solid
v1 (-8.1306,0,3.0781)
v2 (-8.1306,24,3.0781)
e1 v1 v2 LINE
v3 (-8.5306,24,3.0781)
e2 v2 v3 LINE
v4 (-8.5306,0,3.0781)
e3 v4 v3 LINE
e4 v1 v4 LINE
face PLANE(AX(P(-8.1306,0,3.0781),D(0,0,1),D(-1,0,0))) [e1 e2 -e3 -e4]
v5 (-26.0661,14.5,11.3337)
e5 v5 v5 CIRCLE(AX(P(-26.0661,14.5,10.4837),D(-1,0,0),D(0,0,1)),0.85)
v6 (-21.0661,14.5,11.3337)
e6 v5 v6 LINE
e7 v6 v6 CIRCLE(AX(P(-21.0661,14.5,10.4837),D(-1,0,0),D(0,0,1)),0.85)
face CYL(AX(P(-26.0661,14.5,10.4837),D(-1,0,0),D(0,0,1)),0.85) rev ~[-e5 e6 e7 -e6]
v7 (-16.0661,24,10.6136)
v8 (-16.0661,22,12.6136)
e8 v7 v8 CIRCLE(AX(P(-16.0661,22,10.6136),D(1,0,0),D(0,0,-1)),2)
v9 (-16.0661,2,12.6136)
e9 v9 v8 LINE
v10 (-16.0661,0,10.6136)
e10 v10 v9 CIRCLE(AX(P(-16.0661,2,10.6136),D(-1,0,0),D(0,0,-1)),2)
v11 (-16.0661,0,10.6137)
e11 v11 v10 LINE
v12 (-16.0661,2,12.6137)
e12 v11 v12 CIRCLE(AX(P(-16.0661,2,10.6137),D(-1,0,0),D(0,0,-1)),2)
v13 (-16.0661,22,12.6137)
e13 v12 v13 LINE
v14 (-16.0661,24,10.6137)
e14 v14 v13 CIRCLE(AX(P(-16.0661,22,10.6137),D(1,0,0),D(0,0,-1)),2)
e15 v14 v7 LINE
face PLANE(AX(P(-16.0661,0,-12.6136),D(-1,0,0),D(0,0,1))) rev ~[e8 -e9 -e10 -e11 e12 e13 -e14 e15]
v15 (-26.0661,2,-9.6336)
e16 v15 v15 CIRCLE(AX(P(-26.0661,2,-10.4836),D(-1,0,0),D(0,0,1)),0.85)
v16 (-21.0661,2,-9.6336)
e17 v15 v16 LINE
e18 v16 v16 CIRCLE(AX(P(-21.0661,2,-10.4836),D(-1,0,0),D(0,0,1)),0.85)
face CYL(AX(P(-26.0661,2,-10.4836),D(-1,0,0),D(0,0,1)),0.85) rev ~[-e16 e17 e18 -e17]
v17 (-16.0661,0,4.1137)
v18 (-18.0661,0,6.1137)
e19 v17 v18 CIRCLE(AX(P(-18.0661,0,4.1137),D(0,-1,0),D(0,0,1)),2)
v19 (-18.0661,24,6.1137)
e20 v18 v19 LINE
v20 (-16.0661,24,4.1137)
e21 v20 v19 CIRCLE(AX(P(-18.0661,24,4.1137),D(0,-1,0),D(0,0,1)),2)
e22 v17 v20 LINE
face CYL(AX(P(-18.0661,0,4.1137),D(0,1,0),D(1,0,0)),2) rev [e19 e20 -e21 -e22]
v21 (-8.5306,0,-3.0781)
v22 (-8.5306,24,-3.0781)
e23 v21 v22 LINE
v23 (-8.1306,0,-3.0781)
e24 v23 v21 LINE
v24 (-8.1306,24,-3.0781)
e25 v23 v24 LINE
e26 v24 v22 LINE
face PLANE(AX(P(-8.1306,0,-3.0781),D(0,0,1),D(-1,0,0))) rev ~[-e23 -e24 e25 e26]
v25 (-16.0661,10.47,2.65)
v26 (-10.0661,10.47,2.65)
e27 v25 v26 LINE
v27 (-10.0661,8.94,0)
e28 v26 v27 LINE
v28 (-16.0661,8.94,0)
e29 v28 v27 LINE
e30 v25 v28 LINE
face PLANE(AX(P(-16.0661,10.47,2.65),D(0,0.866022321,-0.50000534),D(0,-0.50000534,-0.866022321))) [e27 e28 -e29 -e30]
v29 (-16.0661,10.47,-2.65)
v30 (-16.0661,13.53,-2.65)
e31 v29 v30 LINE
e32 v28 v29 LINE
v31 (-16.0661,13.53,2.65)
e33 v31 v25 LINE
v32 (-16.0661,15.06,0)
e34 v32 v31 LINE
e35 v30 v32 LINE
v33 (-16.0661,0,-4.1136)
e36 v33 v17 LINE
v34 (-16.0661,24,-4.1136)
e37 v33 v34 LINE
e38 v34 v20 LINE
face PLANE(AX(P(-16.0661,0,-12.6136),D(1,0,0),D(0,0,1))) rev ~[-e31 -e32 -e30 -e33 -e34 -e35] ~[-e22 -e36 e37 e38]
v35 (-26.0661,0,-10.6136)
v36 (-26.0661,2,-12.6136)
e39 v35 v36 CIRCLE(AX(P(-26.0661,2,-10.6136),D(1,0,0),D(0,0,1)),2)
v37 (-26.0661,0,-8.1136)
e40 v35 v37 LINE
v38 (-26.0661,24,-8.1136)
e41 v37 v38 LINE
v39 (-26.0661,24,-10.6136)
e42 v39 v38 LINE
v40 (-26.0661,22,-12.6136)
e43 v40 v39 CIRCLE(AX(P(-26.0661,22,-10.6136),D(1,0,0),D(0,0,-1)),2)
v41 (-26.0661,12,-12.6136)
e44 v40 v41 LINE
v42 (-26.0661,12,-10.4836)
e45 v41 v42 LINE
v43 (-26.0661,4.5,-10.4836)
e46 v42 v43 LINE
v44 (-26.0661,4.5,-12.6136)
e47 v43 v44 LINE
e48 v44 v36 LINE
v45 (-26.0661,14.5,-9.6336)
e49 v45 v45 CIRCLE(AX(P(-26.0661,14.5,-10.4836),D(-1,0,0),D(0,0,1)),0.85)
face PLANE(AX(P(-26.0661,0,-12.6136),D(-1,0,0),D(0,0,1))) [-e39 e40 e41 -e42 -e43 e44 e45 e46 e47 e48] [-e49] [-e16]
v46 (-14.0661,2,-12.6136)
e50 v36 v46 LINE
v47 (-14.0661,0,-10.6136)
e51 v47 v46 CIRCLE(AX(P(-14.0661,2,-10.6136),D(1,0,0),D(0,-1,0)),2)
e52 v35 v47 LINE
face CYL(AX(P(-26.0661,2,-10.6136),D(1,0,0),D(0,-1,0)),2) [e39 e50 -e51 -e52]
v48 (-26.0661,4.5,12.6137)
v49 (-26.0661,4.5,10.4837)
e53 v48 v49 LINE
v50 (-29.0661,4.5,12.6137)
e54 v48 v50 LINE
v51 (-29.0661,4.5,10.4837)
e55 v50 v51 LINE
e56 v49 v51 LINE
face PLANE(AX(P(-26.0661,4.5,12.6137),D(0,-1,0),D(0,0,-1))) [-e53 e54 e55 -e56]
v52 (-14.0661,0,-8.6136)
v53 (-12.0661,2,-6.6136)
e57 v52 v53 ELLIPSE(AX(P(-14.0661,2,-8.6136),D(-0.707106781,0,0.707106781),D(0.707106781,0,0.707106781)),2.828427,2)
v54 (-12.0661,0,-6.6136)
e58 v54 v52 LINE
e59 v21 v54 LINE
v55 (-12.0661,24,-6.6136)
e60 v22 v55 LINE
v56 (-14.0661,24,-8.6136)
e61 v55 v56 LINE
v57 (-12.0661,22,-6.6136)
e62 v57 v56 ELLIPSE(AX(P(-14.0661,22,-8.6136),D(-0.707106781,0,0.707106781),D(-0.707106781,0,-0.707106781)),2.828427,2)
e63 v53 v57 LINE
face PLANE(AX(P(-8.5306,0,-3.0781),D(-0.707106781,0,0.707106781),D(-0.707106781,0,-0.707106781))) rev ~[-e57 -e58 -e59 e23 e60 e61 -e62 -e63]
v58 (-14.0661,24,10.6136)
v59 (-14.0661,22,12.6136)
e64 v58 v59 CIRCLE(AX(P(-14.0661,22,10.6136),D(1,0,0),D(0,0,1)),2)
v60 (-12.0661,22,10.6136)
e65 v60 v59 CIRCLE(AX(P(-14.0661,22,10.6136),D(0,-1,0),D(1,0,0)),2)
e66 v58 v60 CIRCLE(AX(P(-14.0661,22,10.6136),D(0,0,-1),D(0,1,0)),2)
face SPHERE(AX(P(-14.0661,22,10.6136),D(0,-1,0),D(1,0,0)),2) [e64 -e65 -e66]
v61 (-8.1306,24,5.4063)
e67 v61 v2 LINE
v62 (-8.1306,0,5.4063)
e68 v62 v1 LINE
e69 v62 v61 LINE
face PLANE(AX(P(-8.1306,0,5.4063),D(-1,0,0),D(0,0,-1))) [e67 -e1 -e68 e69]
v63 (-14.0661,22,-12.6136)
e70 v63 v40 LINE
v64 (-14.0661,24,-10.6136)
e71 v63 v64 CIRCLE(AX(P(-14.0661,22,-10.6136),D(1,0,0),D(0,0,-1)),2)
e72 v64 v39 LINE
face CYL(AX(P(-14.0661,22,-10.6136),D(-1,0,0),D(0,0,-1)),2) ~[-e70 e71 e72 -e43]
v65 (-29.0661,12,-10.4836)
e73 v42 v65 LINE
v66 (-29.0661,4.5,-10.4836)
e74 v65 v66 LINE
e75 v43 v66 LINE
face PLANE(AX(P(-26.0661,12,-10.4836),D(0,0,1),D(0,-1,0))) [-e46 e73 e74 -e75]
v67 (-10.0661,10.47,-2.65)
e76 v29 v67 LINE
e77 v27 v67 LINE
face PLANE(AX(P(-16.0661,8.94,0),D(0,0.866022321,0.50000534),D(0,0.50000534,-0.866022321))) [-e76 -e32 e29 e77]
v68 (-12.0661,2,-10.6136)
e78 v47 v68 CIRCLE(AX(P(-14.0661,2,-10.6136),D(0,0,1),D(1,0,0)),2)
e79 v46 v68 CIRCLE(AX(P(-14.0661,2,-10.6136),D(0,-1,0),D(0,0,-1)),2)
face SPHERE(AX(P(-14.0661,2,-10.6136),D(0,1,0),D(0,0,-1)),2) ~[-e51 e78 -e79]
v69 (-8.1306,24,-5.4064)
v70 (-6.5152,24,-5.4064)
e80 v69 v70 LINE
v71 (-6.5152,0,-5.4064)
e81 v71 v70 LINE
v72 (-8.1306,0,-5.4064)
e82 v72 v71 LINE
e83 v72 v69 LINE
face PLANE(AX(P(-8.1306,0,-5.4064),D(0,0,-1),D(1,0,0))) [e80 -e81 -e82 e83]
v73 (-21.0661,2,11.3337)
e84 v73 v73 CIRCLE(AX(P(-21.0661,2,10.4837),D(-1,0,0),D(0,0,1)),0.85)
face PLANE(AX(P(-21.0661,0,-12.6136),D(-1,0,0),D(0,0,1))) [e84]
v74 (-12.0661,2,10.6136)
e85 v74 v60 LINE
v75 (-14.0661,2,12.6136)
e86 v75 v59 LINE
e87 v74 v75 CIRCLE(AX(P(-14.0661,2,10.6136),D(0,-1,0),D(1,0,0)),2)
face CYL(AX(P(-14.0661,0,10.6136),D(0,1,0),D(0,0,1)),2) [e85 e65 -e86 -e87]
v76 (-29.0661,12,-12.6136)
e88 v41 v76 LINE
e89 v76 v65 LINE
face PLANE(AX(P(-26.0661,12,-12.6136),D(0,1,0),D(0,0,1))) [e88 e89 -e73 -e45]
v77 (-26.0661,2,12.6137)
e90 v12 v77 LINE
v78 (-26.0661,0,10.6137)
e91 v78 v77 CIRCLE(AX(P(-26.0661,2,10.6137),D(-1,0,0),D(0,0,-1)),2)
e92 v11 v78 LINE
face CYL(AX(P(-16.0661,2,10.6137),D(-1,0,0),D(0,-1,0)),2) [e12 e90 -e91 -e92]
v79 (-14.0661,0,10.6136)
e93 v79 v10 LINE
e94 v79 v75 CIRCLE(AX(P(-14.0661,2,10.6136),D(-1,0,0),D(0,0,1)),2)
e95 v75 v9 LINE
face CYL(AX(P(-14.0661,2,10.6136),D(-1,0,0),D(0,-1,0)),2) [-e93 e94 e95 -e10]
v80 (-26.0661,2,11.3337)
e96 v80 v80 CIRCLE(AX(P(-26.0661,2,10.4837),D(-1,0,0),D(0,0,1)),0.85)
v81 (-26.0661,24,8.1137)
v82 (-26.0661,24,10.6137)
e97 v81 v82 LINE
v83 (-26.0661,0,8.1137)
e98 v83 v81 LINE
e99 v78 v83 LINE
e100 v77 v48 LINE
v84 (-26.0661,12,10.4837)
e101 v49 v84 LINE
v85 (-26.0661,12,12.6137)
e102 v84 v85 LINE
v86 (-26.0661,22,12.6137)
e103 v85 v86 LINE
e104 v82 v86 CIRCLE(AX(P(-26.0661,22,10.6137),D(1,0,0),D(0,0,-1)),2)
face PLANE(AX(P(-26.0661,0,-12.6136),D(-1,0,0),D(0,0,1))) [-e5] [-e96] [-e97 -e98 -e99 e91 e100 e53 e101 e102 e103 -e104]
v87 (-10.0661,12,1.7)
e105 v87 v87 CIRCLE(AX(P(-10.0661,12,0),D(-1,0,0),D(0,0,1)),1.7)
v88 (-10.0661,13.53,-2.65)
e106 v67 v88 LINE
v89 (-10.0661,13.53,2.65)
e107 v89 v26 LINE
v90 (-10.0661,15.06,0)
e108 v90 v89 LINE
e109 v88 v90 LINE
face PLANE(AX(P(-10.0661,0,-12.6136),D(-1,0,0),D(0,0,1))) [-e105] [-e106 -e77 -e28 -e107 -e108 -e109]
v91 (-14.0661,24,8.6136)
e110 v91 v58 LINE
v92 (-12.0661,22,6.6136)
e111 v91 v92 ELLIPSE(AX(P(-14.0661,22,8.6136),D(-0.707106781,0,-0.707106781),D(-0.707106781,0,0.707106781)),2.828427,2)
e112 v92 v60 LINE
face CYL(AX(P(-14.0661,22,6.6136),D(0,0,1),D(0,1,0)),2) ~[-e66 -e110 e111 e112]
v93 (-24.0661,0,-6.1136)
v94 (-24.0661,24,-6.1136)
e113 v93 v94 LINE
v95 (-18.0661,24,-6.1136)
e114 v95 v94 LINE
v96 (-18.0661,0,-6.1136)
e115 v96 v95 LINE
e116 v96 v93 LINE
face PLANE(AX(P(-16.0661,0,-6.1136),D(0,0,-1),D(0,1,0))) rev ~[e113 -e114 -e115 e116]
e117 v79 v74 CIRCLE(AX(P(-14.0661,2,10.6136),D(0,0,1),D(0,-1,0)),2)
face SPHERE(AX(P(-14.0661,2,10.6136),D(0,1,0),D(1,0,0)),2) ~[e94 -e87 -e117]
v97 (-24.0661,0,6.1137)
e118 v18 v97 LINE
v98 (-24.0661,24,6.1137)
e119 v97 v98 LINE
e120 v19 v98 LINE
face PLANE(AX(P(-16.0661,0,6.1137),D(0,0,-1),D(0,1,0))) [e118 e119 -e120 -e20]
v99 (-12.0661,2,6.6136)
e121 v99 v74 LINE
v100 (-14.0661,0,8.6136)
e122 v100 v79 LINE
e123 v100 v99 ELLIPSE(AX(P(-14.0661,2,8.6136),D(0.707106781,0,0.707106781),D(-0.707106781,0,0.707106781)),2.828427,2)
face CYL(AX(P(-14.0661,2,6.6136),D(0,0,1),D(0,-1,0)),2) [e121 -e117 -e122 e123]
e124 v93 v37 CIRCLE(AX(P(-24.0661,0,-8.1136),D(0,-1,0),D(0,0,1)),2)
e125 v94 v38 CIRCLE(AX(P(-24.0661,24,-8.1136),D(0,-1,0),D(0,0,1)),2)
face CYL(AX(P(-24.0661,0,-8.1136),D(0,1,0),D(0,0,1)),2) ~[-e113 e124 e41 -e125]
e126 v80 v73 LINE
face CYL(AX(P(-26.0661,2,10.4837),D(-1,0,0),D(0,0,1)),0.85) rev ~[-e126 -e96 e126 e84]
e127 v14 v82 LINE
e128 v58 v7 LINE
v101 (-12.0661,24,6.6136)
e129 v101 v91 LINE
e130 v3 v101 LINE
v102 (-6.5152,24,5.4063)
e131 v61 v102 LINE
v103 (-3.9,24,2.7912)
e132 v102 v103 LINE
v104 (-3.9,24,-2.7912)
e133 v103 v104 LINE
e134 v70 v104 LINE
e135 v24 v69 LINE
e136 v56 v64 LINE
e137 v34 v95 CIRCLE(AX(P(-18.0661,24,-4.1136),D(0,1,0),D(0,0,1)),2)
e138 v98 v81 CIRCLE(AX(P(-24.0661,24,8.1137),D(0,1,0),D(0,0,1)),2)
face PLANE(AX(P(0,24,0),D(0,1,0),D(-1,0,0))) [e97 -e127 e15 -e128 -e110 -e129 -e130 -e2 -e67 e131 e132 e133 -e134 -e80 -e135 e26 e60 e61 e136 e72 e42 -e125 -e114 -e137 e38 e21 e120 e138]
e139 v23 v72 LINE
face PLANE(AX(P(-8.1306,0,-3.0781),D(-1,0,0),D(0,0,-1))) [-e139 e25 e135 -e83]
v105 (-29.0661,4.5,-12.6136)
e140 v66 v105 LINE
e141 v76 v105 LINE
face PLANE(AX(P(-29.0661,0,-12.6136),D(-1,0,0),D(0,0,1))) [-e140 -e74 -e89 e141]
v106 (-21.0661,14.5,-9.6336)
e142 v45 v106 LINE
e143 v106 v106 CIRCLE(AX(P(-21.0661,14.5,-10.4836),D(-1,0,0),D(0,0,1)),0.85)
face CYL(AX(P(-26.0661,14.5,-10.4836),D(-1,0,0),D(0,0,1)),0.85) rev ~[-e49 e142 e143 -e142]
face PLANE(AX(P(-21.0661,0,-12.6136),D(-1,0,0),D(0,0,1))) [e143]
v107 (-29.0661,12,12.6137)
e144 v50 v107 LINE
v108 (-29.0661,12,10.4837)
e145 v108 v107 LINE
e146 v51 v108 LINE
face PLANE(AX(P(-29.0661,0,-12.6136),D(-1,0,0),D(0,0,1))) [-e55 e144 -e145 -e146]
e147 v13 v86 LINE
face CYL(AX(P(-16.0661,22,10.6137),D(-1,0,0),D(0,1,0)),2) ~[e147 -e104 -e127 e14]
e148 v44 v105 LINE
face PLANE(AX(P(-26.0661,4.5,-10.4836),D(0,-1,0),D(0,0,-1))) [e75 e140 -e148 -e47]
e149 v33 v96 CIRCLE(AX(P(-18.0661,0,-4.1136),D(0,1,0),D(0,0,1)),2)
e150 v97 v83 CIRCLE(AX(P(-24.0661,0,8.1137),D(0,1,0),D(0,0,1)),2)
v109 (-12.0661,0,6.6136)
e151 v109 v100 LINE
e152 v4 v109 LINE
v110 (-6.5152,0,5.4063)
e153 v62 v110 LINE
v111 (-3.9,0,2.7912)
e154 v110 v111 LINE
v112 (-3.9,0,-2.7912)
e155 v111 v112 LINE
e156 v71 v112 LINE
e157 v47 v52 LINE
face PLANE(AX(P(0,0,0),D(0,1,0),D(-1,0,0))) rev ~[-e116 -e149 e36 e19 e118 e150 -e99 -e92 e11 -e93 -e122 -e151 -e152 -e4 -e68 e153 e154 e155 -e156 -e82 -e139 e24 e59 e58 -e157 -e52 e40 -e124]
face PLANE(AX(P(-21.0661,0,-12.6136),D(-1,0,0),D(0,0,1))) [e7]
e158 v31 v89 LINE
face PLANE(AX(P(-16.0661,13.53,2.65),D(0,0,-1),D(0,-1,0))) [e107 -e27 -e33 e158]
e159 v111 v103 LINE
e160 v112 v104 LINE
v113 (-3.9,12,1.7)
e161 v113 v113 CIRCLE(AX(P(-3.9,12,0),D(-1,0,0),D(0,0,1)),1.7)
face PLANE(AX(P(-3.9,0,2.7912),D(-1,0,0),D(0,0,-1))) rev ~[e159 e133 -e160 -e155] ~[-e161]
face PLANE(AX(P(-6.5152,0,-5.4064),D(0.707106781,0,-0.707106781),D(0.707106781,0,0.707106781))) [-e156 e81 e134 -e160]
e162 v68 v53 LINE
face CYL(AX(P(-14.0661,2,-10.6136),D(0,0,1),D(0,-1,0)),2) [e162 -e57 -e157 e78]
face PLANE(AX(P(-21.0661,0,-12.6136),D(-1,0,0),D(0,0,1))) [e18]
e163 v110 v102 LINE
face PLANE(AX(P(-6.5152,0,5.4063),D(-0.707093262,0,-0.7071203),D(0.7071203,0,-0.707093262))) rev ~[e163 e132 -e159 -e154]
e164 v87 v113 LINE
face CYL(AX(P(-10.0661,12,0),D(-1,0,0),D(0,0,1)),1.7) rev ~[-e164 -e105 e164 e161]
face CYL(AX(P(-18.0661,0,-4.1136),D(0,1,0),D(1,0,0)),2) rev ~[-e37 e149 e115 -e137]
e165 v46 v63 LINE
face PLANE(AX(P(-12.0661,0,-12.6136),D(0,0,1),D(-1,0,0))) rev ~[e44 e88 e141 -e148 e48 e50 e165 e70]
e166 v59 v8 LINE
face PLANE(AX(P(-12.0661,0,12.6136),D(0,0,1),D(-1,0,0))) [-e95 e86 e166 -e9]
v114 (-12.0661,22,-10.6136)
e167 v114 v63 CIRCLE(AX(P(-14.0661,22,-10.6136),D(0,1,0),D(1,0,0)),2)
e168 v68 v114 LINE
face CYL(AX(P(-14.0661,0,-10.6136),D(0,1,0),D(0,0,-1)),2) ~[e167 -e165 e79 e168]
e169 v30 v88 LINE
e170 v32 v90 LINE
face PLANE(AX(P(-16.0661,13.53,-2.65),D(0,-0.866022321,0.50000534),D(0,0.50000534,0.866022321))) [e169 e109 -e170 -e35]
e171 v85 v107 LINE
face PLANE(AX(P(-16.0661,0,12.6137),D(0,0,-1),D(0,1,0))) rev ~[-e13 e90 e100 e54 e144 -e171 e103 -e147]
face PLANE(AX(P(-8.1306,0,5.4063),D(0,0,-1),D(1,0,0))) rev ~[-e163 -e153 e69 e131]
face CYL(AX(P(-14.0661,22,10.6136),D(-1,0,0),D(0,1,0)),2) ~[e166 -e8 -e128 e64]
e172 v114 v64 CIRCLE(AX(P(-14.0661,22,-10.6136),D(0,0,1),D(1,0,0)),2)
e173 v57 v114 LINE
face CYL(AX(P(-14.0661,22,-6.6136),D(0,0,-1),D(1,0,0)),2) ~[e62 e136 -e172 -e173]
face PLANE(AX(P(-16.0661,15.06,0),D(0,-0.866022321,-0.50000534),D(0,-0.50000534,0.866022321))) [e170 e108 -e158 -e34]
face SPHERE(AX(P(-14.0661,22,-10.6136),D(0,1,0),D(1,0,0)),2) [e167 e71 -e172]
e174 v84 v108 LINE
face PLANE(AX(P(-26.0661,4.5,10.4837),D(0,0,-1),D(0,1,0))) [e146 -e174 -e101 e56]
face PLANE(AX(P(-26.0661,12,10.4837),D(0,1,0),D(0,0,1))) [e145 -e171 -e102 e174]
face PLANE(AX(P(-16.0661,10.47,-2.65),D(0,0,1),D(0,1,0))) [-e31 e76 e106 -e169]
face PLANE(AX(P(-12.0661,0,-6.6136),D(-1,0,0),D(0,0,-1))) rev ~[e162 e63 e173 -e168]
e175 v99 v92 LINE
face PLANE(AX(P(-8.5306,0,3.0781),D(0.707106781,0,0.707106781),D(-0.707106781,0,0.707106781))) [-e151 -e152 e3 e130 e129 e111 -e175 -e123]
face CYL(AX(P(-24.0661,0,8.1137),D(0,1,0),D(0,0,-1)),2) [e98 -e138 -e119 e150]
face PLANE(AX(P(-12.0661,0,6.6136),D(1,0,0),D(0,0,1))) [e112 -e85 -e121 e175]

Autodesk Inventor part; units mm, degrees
ref_plane "YZ Plane" through (0, 0, 0) normal (1, 0, 0) x (0, 1, 0)
ref_plane "XZ Plane" through (0, 0, 0) normal (0, 1, 0) x (-1, 0, 0)
ref_plane "XY Plane" through (0, 0, 0) normal (0, 0, 1) x (1, 0, 0)
sketch "Szkic3" plane through (0, 0, 0) normal (0, 1, 0) x (-1, 0, 0)
  line L0 (3.9, 2.7912) -> (3.9, -2.7912)
  line L1 (6.5152, 5.4063) -> (3.9, 2.7912)
  line L2 (8.1306, 5.4063) -> (6.5152, 5.4063)
  line L3 (8.1306, 5.4063) -> (8.1306, 3.0781)
  line L4 (8.1306, -3.0781) -> (8.1306, -5.4064)
  line L5 (8.1306, -5.4064) -> (6.5152, -5.4064)
  line L6 (6.5152, -5.4064) -> (3.9, -2.7912)
  line L7 (8.1306, 3.0781) -> (8.5306, 3.0781)
  line L8 (8.1306, -3.0781) -> (8.5306, -3.0781)
  line L9 (8.5306, -3.0781) -> (12.0661, -6.6136)
  line L10 (8.5306, 3.0781) -> (12.0661, 6.6136)
  line L11 (12.0661, -6.6136) -> (12.0661, -12.6136)
  line L12 (12.0661, 6.6136) -> (12.0661, 12.6136)
  line L13 (12.0661, 12.6136) -> (16.0661, 12.6136)
  line L14 (12.0661, -12.6136) -> (16.0661, -12.6136)
  line L15 (16.0661, -12.6136) -> (16.0661, 12.6136)
  point P0 (8.1306, 4.2422)
  dimension "d85" = 5.5823
  dimension "d88" = 135
  dimension "d89" = 135
  dimension "d90" = 1.6154
  dimension "d91" = 2.6152
  dimension "d92" = 2.3282
  dimension "d99" = 0.4
  dimension "d100" = 5
  dimension "d101" = 135
  dimension "d102" = 5
  dimension "d103" = 135
  dimension "d114" = 180
  dimension "d115" = 6
  dimension "d116" = 6
  dimension "d117" = 4
  dimension "d118" = 4
extrude "Wyciągnięcie proste1" add sketch "Szkic3" along normal blind 24
sketch "Szkic13" plane through (-16.0661, 0, -12.6136) normal (-1, 0, 0) x (0, 0, 1)
  line L0 (12.6136, 15.06) -> (15.2636, 13.53)
  line L1 (15.2636, 13.53) -> (15.2636, 10.47)
  line L2 (15.2636, 10.47) -> (12.6136, 8.94)
  line L3 (12.6136, 8.94) -> (9.9636, 10.47)
  line L4 (9.9636, 10.47) -> (9.9636, 13.53)
  line L5 (9.9636, 13.53) -> (12.6136, 15.06)
  line L6 (0, 24) -> (25.2273, 24) projected
  line L7 (25.2273, 0) -> (25.2273, 24) projected
  point P0 (12.6136, 0)
  point P1 (12.6136, 12)
  point P2 (12.6136, 24)
  dimension "d119" = 12
  dimension "d120" = 12.6136
  dimension "d121" = 5.3
extrude "Wyciągnięcie proste5" cut sketch "Szkic13" against normal blind 6
sketch "Szkic14" plane through (-10.0661, 0, -12.6136) normal (-1, 0, 0) x (0, 0, 1)
  circle A0 centre (12.6136, 12) radius 1.7
  point P0 (12.6136, 0)
  dimension "d124" = 3.4
extrude "Wyciągnięcie proste6" cut sketch "Szkic14" against normal through all
sketch "Szkic15" plane through (0, 0, 0) normal (0, 0, 1) x (1, 0, 0)
  line L0 (-3.9, 13.7) -> (-3.9, 10.3) projected
  line L1 (-10.0661, 10.3) -> (-10.0661, 13.7) projected
  point P0 (0, 0)
  dimension "d127" = 6.1661
sketch "Szkic16" plane through (-16.0661, 0, -12.6136) normal (-1, 0, 0) x (0, 0, 1)
  point P0 (12.6136, 0)
sketch "Szkic17" plane through (-16.0661, 0, -12.6136) normal (-1, 0, 0) x (0, 0, 1)
  line L0 (25.2273, 0) -> (25.2273, 24) projected
  line L1 (0, 24) -> (25.2273, 24) projected
  line L2 (25.2273, 0) -> (18.7273, 0)
  line L3 (18.7273, 0) -> (18.7273, 24)
  line L4 (18.7273, 24) -> (25.2273, 24)
  line L5 (25.2273, 24) -> (25.2273, 0)
  line L6 (9.5355, 24) -> (6, 24) projected
  line L7 (6.5, 24) -> (0, 24)
  line L8 (0, 24) -> (0, 0)
  line L9 (0, 0) -> (6.5, 0)
  line L10 (6.5, 0) -> (6.5, 24)
  line L11 (0, 0) -> (0, 24) projected
  line L12 (0, 0) -> (25.2273, 0) projected
  point P0 (12.6136, 0)
  dimension "d128" = 6.5
  dimension "d129" = 6.5
extrude "Wyciągnięcie proste7" add sketch "Szkic17" along normal blind 10 contours L2 L3 L1 L0 | L9 L8 L1 L10
sketch "Szkic18" plane through (-26.0661, 0, -12.6136) normal (-1, 0, 0) x (0, 0, 1)
  circle A0 centre (23.0973, 2) radius 0.85
  line L0 (25.2273, 0) -> (25.2273, 24) projected
  line L1 (18.7273, 0) -> (25.2273, 0) projected
  circle A1 centre (2.13, 2) radius 0.85
  line L2 (0, 0) -> (6.5, 0) projected
  line L3 (0, 24) -> (0, 0) projected
  circle A2 centre (23.0973, 14.5) radius 0.85
  circle A3 centre (2.13, 14.5) radius 0.85
  line L4 (2.13, 4.5) -> (0, 4.5)
  line L5 (0, 4.5) -> (0, 12)
  line L6 (0, 12) -> (2.13, 12)
  line L7 (2.13, 12) -> (2.13, 4.5)
  line L8 (25.2273, 0) -> (25.2273, 24) projected
  line L9 (25.2273, 4.5) -> (23.0973, 4.5)
  line L10 (23.0973, 4.5) -> (23.0973, 12)
  line L11 (23.0973, 12) -> (25.2273, 12)
  line L12 (25.2273, 12) -> (25.2273, 4.5)
  point P0 (12.6136, 0)
  point P1 (21.9773, 0)
  point P2 (0, 8.25)
  point P3 (2.13, 8.25)
  point P4 (0, 12)
  point P5 (0, 4.5)
  dimension "d132" = 1.7
  dimension "d133" = 2.13
  dimension "d134" = 2
  dimension "d135" = 2
  dimension "d136" = 2.13
  dimension "d137" = 1.7
  dimension "d138" = 1.7
  dimension "d139" = 12.5
  dimension "d140" = 2.13
  dimension "d141" = 1.7
  dimension "d142" = 2.13
  dimension "d143" = 12.5
  dimension "d144" = 2.5
  dimension "d145" = 2.5
  dimension "d147" = 2.13
  dimension "d148" = 2.5
  dimension "d149" = 2.5
  dimension "d150" = 2.13
extrude "Wyciągnięcie proste8" add sketch "Szkic18" along normal blind 3 contours L9 L10 L11 L0 | L6 L7 L4 L3
extrude "Wyciągnięcie proste9" cut sketch "Szkic18" against normal blind 5 contours A0 | A1 | A2 | A3
fillet "Zaokrąglenie1" radius 2 14 edges at (-16.0661, 12, 6.1136) (-16.0661, 12, -6.1136) (-26.0661, 12, -6.1136) (-26.0661, 12, 6.1136) (-12.0661, 12, 12.6136) (-12.0661, 12, -12.6136) (-19.0661, 0, -12.6136) (-12.0661, 0, -9.6136) (-19.0661, 24, -12.6136) (-12.0661, 24, -9.6136) (-12.0661, 24, 9.6136) (-19.0661, 24, 12.6136) (-12.0661, 0, 9.6136) (-19.0661, 0, 12.6136)
properties part number "Montaż_kamery_Drukowanie 3D"
